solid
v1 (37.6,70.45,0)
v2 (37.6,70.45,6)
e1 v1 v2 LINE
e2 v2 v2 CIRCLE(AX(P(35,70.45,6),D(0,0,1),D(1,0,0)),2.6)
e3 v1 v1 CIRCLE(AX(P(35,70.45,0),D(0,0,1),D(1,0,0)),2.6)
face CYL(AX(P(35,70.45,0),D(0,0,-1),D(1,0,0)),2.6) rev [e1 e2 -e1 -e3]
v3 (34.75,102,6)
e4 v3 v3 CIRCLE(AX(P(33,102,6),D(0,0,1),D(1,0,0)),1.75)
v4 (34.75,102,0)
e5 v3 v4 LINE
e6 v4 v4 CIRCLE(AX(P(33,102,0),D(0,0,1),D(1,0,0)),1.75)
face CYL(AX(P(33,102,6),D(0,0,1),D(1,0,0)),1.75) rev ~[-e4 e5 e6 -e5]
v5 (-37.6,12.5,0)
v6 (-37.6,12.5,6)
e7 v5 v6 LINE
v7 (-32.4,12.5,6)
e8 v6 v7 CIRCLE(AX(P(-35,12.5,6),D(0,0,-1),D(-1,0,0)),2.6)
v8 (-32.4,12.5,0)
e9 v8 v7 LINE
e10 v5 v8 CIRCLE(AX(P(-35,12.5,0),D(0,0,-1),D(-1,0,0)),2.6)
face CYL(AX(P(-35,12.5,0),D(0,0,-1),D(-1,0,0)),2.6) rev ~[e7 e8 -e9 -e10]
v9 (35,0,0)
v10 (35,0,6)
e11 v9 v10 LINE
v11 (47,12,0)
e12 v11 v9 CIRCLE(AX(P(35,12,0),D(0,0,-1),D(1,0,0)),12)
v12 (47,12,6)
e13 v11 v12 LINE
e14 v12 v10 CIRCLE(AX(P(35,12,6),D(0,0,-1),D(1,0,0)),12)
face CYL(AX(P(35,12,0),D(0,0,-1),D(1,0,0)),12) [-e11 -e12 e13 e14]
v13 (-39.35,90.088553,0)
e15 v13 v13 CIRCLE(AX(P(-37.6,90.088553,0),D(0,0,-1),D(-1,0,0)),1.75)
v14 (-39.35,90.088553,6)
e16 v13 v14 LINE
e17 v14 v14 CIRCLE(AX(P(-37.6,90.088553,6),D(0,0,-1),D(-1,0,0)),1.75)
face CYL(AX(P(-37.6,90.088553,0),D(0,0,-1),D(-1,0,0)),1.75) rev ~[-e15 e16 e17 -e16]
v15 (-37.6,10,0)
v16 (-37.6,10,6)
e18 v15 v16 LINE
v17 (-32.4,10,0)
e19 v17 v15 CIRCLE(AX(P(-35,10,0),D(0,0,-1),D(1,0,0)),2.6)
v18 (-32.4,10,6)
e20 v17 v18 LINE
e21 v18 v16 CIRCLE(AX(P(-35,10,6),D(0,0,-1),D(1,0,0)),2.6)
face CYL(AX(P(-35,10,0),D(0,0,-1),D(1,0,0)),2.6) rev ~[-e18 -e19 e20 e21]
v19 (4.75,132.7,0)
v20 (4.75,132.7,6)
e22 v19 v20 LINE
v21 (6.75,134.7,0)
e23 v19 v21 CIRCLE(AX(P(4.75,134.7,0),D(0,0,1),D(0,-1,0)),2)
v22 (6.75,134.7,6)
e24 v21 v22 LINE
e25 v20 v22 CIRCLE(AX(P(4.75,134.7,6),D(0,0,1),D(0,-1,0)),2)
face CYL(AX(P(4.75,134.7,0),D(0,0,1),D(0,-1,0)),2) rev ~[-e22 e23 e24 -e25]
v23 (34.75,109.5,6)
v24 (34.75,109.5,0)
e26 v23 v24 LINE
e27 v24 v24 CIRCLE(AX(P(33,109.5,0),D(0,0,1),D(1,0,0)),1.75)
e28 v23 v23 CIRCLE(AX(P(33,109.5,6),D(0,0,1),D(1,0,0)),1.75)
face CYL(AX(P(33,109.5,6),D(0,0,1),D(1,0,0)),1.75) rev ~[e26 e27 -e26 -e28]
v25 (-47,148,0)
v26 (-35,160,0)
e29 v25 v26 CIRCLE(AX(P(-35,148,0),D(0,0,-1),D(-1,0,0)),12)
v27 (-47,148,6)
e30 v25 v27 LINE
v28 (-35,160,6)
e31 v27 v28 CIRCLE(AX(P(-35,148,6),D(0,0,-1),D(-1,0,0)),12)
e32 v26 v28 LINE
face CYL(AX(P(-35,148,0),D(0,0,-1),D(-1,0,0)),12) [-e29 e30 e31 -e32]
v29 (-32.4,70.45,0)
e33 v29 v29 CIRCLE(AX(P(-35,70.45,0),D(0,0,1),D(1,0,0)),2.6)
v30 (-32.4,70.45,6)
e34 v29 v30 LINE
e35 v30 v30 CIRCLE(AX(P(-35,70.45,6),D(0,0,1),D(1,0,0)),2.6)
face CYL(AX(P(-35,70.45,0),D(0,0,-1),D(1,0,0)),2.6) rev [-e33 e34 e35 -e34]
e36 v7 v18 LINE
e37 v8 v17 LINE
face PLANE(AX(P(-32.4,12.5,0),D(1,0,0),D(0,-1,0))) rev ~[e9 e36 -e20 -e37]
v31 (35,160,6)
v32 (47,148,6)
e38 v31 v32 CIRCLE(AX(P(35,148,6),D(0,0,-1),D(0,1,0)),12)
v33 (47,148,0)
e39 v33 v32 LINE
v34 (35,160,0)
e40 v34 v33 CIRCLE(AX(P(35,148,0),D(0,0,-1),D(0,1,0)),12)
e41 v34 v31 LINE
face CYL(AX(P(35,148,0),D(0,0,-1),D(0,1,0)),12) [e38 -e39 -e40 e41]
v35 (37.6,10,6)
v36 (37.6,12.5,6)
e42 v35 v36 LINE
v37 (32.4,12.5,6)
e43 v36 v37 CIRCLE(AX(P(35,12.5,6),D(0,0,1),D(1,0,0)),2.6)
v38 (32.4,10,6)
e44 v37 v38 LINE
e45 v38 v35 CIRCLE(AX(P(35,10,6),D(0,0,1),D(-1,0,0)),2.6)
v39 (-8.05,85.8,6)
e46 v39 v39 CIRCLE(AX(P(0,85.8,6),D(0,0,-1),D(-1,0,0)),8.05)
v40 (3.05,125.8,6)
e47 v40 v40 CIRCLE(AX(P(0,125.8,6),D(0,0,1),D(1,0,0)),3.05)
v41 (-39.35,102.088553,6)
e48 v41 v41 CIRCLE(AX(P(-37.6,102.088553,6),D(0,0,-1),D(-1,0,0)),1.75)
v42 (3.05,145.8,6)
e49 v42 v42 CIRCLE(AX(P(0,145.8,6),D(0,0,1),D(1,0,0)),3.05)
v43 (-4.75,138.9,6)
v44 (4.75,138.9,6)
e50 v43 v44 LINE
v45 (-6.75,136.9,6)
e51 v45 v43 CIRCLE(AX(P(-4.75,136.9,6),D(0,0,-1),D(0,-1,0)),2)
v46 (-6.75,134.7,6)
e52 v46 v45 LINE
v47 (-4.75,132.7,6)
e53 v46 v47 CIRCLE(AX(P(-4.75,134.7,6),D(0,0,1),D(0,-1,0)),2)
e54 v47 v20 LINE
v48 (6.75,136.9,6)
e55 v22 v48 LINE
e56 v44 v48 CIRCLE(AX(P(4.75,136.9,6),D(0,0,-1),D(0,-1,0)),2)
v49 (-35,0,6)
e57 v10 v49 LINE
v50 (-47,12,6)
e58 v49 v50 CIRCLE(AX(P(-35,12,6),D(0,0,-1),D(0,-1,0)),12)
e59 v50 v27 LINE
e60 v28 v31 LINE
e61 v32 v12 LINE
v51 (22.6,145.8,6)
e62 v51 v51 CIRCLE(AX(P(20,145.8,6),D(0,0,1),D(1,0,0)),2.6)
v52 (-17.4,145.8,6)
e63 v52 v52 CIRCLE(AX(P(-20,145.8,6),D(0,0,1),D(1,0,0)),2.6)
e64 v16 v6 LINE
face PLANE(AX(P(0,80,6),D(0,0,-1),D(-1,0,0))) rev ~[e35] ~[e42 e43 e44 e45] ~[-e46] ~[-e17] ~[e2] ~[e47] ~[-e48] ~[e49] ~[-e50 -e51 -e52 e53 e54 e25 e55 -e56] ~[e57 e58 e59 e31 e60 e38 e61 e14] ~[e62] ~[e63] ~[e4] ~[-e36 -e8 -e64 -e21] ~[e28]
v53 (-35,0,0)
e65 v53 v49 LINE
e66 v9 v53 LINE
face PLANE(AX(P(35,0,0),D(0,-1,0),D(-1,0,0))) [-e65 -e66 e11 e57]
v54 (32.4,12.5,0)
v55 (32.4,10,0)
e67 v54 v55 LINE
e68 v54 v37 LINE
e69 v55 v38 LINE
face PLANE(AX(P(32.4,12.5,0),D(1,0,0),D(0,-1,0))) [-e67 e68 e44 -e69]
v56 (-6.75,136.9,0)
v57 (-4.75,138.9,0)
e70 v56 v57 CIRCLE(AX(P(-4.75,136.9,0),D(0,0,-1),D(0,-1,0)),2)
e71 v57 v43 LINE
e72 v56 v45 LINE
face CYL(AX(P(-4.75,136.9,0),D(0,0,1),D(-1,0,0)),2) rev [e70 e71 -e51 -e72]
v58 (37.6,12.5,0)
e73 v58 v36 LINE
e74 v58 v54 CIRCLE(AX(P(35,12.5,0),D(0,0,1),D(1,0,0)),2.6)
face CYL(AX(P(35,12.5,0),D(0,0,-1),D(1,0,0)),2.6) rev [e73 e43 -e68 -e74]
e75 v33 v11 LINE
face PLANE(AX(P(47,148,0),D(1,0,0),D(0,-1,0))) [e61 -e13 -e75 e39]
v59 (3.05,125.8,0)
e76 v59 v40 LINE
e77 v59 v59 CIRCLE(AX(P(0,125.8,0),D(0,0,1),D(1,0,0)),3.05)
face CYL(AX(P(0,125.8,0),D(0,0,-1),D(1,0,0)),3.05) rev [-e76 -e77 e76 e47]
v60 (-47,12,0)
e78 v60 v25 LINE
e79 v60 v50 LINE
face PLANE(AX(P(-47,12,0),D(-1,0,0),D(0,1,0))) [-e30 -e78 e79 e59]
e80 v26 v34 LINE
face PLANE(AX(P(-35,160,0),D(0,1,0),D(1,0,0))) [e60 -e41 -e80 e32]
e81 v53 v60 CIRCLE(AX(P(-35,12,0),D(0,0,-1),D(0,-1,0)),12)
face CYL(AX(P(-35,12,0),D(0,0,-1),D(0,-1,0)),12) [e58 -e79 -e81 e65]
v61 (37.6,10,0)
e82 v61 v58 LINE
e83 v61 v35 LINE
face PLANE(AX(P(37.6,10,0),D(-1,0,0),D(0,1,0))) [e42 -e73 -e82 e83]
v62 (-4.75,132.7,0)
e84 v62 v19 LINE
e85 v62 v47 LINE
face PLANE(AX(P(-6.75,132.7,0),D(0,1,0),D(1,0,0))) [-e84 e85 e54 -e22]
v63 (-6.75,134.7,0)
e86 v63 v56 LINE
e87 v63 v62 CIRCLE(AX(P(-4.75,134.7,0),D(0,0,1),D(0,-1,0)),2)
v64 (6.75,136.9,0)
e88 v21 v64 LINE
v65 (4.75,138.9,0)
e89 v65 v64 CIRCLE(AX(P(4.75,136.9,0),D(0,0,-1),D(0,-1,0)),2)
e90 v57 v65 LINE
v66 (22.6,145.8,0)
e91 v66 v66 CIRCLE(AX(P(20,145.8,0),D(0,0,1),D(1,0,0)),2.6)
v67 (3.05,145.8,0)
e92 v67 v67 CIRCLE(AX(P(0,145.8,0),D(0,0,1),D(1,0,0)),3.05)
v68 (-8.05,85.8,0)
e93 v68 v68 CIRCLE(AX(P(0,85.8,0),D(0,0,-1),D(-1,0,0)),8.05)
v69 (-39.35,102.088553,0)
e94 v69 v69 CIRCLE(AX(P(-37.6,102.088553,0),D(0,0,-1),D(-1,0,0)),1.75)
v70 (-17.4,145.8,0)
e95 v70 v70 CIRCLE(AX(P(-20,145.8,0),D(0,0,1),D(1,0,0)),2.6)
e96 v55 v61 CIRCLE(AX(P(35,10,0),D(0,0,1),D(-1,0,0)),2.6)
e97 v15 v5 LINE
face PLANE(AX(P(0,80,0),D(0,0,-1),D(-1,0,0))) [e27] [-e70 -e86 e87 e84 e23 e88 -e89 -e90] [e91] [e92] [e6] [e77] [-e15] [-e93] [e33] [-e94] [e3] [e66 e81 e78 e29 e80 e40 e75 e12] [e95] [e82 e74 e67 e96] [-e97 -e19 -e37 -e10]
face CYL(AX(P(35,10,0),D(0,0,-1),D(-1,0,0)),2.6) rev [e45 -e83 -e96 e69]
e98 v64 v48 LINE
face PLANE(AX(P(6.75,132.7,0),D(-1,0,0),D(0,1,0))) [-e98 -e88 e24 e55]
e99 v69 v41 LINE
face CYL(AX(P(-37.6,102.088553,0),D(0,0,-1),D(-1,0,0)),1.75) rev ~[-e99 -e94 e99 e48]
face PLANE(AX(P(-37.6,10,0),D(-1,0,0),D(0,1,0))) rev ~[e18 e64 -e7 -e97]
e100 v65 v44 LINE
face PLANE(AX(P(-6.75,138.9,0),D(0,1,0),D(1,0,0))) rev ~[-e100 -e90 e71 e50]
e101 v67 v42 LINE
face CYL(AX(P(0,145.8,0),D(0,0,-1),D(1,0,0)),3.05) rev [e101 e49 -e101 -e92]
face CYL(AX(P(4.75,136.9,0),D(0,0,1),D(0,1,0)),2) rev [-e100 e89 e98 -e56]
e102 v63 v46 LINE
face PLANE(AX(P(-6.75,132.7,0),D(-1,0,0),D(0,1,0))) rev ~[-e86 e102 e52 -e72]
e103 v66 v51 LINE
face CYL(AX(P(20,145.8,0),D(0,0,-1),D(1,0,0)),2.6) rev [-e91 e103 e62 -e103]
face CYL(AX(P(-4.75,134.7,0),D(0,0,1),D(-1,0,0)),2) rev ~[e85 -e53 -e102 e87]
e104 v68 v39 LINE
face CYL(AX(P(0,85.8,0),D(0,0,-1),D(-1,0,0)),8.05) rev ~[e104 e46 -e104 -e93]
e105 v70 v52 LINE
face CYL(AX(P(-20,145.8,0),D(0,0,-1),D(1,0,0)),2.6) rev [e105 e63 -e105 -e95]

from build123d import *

# Parameters (mm, degrees)
MODEL_R           = 3.05
MODEL_R_2         = 2.6
MODEL_W           = 13.5
MODEL_H           = 6.2
BASE_DEPTH        = 6
SKETCH_1_R        = 8.05
BEARINGHOLE_DEPTH = 10
SKETCH1_R         = 1.75
SENSORMOUNT_DEPTH = 10
SKETCH3_R         = 1.75
CABLEMOUNT_DEPTH  = 10
FILLETCABLESLOT_R = 2


with BuildPart() as part:
    # Model → Base (new body)
    with BuildSketch(Plane.XY):
        with BuildLine():
            Line((-35, 160), (35, 160))
            ThreePointArc((35, 160), (43.485281374, 156.485281374), (47, 148))
            Line((47, 148), (47, 12))
            ThreePointArc((47, 12), (43.485281374, 3.514718626), (35, 0))
            Line((35, 0), (-35, 0))
            ThreePointArc((-35, 0), (-43.485281374, 3.514718626), (-47, 12))
            Line((-47, 12), (-47, 148))
            ThreePointArc((-47, 148), (-43.485281374, 156.485281374), (-35, 160))
        make_face()
        with Locations((0, 145.8)):
            Circle(MODEL_R, mode=Mode.SUBTRACT)
        with Locations((-20, 145.8)):
            Circle(MODEL_R_2, mode=Mode.SUBTRACT)
        with Locations((20, 145.8)):
            Circle(MODEL_R_2, mode=Mode.SUBTRACT)
        with Locations((-35, 70.45)):
            Circle(MODEL_R_2, mode=Mode.SUBTRACT)
        with Locations((0, 125.8)):
            Circle(MODEL_R, mode=Mode.SUBTRACT)
        with Locations((35, 70.45)):
            Circle(MODEL_R_2, mode=Mode.SUBTRACT)
        with BuildLine():
            Line((-32.4, 12.5), (-32.4, 10))
            ThreePointArc((-32.4, 10), (-35, 7.4), (-37.6, 10))
            Line((-37.6, 10), (-37.6, 12.5))
            ThreePointArc((-37.6, 12.5), (-35, 15.1), (-32.4, 12.5))
        make_face(mode=Mode.SUBTRACT)
        with BuildLine():
            Line((32.4, 12.5), (32.4, 10))
            ThreePointArc((32.4, 10), (35, 7.4), (37.6, 10))
            Line((37.6, 10), (37.6, 12.5))
            ThreePointArc((37.6, 12.5), (35, 15.1), (32.4, 12.5))
        make_face(mode=Mode.SUBTRACT)
        with Locations((0, 135.8)):
            Rectangle(MODEL_W, MODEL_H, mode=Mode.SUBTRACT)
    extrude(amount=BASE_DEPTH)

    # Эскиз1 → BearingHole (cut)
    with BuildSketch(Plane(origin=(0, 0, 0), x_dir=(-1, 0, 0), z_dir=(0, 0, -1))):
        with Locations((0, 85.8)):
            Circle(SKETCH_1_R)
    extrude(amount=-BEARINGHOLE_DEPTH, mode=Mode.SUBTRACT)

    # Sketch1 → SensorMount (cut)
    with BuildSketch(Plane.XY.offset(6)):
        with Locations((33, 109.5)):
            Circle(SKETCH1_R)
        with Locations((33, 102)):
            Circle(SKETCH1_R)
    extrude(amount=-SENSORMOUNT_DEPTH, mode=Mode.SUBTRACT)

    # Sketch3 → CableMount (cut)
    with BuildSketch(Plane(origin=(0, 0, 0), x_dir=(-1, 0, 0), z_dir=(0, 0, -1))):
        with Locations((37.6, 90.08855339)):
            Circle(SKETCH3_R)
        with Locations((37.6, 102.08855339)):
            Circle(SKETCH3_R)
    extrude(amount=-CABLEMOUNT_DEPTH, mode=Mode.SUBTRACT)

    # FilletCableSlot
    filletcableslot_edges = [part.edges().sort_by_distance(p)[0] for p in [
        (6.75, 132.7, 3),
        (6.75, 138.9, 3),
        (-6.75, 138.9, 3),
        (-6.75, 132.7, 3),
    ]]
    fillet(filletcableslot_edges, radius=FILLETCABLESLOT_R)


solid = part.part
